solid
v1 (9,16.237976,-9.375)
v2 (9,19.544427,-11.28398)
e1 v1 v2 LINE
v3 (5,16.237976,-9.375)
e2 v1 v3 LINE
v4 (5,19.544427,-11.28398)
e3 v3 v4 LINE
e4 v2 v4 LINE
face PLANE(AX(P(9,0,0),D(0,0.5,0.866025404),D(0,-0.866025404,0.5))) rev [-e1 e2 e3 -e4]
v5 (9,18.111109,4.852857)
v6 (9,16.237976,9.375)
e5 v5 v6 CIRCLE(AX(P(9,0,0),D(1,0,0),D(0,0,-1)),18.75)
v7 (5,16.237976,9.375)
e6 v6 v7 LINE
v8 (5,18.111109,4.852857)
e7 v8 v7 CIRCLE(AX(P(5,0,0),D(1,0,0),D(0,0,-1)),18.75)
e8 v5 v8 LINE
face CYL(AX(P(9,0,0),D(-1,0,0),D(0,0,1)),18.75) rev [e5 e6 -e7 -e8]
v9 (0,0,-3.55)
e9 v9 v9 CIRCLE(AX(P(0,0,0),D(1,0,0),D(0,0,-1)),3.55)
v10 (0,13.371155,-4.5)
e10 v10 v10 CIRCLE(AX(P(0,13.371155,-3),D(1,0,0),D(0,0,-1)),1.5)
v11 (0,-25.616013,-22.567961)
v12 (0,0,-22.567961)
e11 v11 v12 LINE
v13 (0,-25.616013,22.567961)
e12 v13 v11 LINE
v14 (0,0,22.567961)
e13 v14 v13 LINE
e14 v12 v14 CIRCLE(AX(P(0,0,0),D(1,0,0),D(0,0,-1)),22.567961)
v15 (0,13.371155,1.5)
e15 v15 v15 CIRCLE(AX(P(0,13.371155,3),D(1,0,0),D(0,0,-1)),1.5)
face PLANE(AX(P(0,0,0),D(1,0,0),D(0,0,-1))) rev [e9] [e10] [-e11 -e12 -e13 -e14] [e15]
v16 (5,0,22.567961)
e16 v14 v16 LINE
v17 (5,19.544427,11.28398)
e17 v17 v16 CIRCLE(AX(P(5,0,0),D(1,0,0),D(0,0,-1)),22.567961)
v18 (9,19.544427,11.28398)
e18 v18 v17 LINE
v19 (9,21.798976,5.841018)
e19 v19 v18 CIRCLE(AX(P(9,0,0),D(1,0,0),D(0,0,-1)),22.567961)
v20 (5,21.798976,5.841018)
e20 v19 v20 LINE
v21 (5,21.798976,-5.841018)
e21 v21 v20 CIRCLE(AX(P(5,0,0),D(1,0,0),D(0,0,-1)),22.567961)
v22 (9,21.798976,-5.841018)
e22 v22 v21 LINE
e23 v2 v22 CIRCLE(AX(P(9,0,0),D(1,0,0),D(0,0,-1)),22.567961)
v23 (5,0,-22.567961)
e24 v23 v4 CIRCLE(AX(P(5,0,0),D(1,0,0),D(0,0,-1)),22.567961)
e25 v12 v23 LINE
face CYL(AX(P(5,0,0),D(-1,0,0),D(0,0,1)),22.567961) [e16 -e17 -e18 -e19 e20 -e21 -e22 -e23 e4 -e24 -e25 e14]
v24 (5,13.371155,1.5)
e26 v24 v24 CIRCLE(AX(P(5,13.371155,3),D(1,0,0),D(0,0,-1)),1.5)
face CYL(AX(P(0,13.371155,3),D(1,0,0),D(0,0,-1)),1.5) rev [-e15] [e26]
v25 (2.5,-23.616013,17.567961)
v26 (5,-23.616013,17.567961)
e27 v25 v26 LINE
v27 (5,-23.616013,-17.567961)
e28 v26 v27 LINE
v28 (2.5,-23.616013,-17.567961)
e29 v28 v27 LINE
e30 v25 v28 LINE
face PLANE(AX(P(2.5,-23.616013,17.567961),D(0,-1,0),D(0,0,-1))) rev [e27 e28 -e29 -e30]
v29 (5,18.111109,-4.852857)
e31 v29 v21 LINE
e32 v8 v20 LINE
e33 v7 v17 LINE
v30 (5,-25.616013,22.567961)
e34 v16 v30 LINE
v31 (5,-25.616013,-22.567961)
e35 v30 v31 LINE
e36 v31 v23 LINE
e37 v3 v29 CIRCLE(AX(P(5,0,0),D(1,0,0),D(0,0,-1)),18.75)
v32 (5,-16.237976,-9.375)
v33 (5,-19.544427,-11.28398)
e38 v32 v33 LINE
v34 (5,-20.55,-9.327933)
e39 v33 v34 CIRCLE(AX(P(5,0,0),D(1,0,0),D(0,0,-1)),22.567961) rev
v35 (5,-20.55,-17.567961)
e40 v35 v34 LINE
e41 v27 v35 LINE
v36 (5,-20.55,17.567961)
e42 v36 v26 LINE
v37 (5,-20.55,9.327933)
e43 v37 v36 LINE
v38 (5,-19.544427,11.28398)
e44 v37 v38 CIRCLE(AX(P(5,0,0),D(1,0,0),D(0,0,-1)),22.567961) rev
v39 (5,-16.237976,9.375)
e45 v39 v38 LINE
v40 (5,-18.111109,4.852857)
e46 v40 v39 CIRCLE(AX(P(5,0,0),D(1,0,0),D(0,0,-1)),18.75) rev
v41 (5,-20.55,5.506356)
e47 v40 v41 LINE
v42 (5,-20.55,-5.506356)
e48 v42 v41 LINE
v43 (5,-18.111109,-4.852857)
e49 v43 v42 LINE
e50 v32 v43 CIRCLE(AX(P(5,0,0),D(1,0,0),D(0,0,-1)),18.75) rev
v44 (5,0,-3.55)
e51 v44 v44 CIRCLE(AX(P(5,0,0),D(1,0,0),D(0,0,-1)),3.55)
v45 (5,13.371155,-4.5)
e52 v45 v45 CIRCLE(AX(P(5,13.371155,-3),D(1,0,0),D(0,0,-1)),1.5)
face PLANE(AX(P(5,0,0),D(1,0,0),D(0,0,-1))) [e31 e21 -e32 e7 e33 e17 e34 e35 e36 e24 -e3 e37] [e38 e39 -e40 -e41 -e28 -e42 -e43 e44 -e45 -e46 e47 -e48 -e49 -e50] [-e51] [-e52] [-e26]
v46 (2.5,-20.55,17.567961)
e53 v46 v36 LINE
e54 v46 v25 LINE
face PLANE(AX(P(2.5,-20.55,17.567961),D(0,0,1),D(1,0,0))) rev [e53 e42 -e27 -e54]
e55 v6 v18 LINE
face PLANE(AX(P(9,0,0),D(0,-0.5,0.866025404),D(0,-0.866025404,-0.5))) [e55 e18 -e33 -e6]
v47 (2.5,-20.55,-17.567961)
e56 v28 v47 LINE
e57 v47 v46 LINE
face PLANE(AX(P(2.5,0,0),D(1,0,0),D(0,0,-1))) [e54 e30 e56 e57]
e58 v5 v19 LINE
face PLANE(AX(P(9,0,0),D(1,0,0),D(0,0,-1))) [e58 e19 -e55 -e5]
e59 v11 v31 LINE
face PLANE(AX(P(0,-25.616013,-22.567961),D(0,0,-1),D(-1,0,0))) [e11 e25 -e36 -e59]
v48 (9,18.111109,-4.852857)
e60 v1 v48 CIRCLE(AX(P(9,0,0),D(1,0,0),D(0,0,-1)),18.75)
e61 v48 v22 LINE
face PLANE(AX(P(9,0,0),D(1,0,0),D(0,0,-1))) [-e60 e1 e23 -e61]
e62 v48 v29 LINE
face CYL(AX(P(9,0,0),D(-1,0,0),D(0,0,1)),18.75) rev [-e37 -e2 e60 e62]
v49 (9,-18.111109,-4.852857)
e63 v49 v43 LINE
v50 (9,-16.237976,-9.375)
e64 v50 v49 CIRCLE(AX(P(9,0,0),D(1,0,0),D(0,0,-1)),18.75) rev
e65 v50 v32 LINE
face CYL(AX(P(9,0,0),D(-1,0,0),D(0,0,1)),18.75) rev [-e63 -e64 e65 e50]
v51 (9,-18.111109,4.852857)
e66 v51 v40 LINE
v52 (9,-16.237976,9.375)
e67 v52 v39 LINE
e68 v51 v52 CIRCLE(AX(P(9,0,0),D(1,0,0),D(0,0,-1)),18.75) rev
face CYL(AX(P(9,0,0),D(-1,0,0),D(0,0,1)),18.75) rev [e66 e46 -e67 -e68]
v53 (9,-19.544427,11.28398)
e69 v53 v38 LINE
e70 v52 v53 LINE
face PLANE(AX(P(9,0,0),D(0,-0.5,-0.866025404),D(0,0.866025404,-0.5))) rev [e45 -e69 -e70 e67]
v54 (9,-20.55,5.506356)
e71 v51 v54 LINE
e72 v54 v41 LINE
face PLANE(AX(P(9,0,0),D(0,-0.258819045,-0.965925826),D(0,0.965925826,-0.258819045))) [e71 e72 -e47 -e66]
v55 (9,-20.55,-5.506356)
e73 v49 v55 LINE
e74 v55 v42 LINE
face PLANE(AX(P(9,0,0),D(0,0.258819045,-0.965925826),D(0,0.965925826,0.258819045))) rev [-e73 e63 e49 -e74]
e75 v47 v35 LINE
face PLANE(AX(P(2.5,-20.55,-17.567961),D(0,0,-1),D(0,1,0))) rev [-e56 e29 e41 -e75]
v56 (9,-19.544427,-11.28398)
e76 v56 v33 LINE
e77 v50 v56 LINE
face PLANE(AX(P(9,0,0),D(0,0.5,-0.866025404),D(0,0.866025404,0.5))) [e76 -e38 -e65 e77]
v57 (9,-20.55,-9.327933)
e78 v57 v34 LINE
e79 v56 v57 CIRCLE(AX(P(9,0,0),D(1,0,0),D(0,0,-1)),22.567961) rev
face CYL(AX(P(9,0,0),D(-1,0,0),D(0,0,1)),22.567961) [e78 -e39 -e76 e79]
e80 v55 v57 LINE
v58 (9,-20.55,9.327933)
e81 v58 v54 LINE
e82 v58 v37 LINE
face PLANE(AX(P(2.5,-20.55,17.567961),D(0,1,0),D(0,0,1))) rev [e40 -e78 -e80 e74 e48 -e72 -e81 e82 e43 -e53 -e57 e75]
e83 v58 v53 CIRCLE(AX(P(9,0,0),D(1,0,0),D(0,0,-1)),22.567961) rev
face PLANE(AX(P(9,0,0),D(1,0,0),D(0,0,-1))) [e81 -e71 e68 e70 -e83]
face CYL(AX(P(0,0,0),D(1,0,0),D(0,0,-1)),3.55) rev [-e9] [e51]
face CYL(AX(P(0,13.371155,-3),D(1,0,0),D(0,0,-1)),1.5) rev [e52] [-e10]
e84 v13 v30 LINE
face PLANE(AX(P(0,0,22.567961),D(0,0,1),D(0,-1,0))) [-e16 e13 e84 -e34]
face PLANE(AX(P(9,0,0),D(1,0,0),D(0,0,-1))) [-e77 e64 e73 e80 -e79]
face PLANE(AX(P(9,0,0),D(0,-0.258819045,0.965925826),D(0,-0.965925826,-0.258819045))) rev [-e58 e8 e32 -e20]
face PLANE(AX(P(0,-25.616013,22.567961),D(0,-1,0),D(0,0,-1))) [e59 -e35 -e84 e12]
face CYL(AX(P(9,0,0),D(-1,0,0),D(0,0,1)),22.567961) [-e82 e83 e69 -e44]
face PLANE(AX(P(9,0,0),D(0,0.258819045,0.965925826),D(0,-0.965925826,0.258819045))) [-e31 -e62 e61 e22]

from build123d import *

# Parameters (mm, degrees)
SKETCH1_R               = 22.567960526
BOSS_EXTRUDE1_DEPTH     = 5
SKETCH2_W               = 45.135921052
SKETCH2_H               = 25.616013259
BOSS_EXTRUDE2_DEPTH     = 5
SKETCH3_R               = 1.5
SKETCH3_R_2             = 3.55
CUT_EXTRUDE1_DEPTH      = 1
CUT_EXTRUDE1_DEPTH_BACK = 6
SKETCH4_W               = 35.135921052
SKETCH4_H               = 3.066013259
CUT_EXTRUDE2_DEPTH      = 2.5
BOSS_EXTRUDE3_DEPTH     = 4


with BuildPart() as part:
    # Sketch1 → Boss-Extrude1 (new body)
    with BuildSketch(Plane(origin=(0, 0, 0), x_dir=(0, 0, -1), z_dir=(1, 0, 0))):
        Circle(SKETCH1_R)
    extrude(amount=BOSS_EXTRUDE1_DEPTH)

    # Sketch2 → Boss-Extrude2 (add)
    with BuildSketch(Plane(origin=(5, 0, 0), x_dir=(0, 0, -1), z_dir=(1, 0, 0))):
        with Locations((0, -12.80800663)):
            Rectangle(SKETCH2_W, SKETCH2_H)
    extrude(amount=-BOSS_EXTRUDE2_DEPTH)

    # Sketch3 → Cut-Extrude1 (cut, two sides)
    with BuildSketch(Plane(origin=(5, 0, 0), x_dir=(0, 0, -1), z_dir=(1, 0, 0))) as cut_extrude1_sk:
        with Locations((-3, 13.371154887)):
            Circle(SKETCH3_R)
        with Locations((3, 13.371154887)):
            Circle(SKETCH3_R)
        Circle(SKETCH3_R_2)
    extrude(amount=CUT_EXTRUDE1_DEPTH, mode=Mode.SUBTRACT)
    extrude(cut_extrude1_sk.sketch, amount=-CUT_EXTRUDE1_DEPTH_BACK, mode=Mode.SUBTRACT)

    # Sketch4 → Cut-Extrude2 (cut)
    with BuildSketch(Plane(origin=(5, 0, 0), x_dir=(0, 0, -1), z_dir=(1, 0, 0))):
        with Locations((0, -22.08300663)):
            Rectangle(SKETCH4_W, SKETCH4_H)
    extrude(amount=-CUT_EXTRUDE2_DEPTH, mode=Mode.SUBTRACT)

    # Sketch5 → Boss-Extrude3 (add)
    with BuildSketch(Plane(origin=(5, 0, 0), x_dir=(0, 0, -1), z_dir=(1, 0, 0))):
        with BuildLine():
            Line((-11.283980263, 19.544427127), (-9.375, 16.237976321))
            ThreePointArc((-9.375, 16.237976321), (-7.175314357, 17.322741235), (-4.852857096, 18.111109243))
            Line((-4.852857096, 18.111109243), (-5.841017993, 21.798975919))
            ThreePointArc((-5.841017993, 21.798975919), (-8.636384596, 20.850076821), (-11.283980263, 19.544427127))
        make_face()
        with BuildLine():
            Line((5.841017993, 21.798975919), (4.852857096, 18.111109243))
            ThreePointArc((4.852857096, 18.111109243), (7.175314357, 17.322741235), (9.375, 16.237976321))
            Line((9.375, 16.237976321), (11.283980263, 19.544427127))
            ThreePointArc((11.283980263, 19.544427127), (8.636384596, 20.850076821), (5.841017993, 21.798975919))
        make_face()
        with BuildLine():
            Line((-5.506355904, -20.55), (-4.852857096, -18.111109243))
            ThreePointArc((-4.852857096, -18.111109243), (-7.175314357, -17.322741235), (-9.375, -16.237976321))
            Line((-9.375, -16.237976321), (-11.283980263, -19.544427127))
            ThreePointArc((-11.283980263, -19.544427127), (-10.318214034, -20.071056312), (-9.327933443, -20.55))
            Line((-9.327933443, -20.55), (-5.506355904, -20.55))
        make_face()
        with BuildLine():
            Line((11.283980263, -19.544427127), (9.375, -16.237976321))
            ThreePointArc((9.375, -16.237976321), (7.175314357, -17.322741235), (4.852857096, -18.111109243))
            Line((4.852857096, -18.111109243), (5.506355904, -20.55))
            Line((5.506355904, -20.55), (9.327933443, -20.55))
            ThreePointArc((9.327933443, -20.55), (10.318214034, -20.071056312), (11.283980263, -19.544427127))
        make_face()
    extrude(amount=BOSS_EXTRUDE3_DEPTH)


solid = part.part
